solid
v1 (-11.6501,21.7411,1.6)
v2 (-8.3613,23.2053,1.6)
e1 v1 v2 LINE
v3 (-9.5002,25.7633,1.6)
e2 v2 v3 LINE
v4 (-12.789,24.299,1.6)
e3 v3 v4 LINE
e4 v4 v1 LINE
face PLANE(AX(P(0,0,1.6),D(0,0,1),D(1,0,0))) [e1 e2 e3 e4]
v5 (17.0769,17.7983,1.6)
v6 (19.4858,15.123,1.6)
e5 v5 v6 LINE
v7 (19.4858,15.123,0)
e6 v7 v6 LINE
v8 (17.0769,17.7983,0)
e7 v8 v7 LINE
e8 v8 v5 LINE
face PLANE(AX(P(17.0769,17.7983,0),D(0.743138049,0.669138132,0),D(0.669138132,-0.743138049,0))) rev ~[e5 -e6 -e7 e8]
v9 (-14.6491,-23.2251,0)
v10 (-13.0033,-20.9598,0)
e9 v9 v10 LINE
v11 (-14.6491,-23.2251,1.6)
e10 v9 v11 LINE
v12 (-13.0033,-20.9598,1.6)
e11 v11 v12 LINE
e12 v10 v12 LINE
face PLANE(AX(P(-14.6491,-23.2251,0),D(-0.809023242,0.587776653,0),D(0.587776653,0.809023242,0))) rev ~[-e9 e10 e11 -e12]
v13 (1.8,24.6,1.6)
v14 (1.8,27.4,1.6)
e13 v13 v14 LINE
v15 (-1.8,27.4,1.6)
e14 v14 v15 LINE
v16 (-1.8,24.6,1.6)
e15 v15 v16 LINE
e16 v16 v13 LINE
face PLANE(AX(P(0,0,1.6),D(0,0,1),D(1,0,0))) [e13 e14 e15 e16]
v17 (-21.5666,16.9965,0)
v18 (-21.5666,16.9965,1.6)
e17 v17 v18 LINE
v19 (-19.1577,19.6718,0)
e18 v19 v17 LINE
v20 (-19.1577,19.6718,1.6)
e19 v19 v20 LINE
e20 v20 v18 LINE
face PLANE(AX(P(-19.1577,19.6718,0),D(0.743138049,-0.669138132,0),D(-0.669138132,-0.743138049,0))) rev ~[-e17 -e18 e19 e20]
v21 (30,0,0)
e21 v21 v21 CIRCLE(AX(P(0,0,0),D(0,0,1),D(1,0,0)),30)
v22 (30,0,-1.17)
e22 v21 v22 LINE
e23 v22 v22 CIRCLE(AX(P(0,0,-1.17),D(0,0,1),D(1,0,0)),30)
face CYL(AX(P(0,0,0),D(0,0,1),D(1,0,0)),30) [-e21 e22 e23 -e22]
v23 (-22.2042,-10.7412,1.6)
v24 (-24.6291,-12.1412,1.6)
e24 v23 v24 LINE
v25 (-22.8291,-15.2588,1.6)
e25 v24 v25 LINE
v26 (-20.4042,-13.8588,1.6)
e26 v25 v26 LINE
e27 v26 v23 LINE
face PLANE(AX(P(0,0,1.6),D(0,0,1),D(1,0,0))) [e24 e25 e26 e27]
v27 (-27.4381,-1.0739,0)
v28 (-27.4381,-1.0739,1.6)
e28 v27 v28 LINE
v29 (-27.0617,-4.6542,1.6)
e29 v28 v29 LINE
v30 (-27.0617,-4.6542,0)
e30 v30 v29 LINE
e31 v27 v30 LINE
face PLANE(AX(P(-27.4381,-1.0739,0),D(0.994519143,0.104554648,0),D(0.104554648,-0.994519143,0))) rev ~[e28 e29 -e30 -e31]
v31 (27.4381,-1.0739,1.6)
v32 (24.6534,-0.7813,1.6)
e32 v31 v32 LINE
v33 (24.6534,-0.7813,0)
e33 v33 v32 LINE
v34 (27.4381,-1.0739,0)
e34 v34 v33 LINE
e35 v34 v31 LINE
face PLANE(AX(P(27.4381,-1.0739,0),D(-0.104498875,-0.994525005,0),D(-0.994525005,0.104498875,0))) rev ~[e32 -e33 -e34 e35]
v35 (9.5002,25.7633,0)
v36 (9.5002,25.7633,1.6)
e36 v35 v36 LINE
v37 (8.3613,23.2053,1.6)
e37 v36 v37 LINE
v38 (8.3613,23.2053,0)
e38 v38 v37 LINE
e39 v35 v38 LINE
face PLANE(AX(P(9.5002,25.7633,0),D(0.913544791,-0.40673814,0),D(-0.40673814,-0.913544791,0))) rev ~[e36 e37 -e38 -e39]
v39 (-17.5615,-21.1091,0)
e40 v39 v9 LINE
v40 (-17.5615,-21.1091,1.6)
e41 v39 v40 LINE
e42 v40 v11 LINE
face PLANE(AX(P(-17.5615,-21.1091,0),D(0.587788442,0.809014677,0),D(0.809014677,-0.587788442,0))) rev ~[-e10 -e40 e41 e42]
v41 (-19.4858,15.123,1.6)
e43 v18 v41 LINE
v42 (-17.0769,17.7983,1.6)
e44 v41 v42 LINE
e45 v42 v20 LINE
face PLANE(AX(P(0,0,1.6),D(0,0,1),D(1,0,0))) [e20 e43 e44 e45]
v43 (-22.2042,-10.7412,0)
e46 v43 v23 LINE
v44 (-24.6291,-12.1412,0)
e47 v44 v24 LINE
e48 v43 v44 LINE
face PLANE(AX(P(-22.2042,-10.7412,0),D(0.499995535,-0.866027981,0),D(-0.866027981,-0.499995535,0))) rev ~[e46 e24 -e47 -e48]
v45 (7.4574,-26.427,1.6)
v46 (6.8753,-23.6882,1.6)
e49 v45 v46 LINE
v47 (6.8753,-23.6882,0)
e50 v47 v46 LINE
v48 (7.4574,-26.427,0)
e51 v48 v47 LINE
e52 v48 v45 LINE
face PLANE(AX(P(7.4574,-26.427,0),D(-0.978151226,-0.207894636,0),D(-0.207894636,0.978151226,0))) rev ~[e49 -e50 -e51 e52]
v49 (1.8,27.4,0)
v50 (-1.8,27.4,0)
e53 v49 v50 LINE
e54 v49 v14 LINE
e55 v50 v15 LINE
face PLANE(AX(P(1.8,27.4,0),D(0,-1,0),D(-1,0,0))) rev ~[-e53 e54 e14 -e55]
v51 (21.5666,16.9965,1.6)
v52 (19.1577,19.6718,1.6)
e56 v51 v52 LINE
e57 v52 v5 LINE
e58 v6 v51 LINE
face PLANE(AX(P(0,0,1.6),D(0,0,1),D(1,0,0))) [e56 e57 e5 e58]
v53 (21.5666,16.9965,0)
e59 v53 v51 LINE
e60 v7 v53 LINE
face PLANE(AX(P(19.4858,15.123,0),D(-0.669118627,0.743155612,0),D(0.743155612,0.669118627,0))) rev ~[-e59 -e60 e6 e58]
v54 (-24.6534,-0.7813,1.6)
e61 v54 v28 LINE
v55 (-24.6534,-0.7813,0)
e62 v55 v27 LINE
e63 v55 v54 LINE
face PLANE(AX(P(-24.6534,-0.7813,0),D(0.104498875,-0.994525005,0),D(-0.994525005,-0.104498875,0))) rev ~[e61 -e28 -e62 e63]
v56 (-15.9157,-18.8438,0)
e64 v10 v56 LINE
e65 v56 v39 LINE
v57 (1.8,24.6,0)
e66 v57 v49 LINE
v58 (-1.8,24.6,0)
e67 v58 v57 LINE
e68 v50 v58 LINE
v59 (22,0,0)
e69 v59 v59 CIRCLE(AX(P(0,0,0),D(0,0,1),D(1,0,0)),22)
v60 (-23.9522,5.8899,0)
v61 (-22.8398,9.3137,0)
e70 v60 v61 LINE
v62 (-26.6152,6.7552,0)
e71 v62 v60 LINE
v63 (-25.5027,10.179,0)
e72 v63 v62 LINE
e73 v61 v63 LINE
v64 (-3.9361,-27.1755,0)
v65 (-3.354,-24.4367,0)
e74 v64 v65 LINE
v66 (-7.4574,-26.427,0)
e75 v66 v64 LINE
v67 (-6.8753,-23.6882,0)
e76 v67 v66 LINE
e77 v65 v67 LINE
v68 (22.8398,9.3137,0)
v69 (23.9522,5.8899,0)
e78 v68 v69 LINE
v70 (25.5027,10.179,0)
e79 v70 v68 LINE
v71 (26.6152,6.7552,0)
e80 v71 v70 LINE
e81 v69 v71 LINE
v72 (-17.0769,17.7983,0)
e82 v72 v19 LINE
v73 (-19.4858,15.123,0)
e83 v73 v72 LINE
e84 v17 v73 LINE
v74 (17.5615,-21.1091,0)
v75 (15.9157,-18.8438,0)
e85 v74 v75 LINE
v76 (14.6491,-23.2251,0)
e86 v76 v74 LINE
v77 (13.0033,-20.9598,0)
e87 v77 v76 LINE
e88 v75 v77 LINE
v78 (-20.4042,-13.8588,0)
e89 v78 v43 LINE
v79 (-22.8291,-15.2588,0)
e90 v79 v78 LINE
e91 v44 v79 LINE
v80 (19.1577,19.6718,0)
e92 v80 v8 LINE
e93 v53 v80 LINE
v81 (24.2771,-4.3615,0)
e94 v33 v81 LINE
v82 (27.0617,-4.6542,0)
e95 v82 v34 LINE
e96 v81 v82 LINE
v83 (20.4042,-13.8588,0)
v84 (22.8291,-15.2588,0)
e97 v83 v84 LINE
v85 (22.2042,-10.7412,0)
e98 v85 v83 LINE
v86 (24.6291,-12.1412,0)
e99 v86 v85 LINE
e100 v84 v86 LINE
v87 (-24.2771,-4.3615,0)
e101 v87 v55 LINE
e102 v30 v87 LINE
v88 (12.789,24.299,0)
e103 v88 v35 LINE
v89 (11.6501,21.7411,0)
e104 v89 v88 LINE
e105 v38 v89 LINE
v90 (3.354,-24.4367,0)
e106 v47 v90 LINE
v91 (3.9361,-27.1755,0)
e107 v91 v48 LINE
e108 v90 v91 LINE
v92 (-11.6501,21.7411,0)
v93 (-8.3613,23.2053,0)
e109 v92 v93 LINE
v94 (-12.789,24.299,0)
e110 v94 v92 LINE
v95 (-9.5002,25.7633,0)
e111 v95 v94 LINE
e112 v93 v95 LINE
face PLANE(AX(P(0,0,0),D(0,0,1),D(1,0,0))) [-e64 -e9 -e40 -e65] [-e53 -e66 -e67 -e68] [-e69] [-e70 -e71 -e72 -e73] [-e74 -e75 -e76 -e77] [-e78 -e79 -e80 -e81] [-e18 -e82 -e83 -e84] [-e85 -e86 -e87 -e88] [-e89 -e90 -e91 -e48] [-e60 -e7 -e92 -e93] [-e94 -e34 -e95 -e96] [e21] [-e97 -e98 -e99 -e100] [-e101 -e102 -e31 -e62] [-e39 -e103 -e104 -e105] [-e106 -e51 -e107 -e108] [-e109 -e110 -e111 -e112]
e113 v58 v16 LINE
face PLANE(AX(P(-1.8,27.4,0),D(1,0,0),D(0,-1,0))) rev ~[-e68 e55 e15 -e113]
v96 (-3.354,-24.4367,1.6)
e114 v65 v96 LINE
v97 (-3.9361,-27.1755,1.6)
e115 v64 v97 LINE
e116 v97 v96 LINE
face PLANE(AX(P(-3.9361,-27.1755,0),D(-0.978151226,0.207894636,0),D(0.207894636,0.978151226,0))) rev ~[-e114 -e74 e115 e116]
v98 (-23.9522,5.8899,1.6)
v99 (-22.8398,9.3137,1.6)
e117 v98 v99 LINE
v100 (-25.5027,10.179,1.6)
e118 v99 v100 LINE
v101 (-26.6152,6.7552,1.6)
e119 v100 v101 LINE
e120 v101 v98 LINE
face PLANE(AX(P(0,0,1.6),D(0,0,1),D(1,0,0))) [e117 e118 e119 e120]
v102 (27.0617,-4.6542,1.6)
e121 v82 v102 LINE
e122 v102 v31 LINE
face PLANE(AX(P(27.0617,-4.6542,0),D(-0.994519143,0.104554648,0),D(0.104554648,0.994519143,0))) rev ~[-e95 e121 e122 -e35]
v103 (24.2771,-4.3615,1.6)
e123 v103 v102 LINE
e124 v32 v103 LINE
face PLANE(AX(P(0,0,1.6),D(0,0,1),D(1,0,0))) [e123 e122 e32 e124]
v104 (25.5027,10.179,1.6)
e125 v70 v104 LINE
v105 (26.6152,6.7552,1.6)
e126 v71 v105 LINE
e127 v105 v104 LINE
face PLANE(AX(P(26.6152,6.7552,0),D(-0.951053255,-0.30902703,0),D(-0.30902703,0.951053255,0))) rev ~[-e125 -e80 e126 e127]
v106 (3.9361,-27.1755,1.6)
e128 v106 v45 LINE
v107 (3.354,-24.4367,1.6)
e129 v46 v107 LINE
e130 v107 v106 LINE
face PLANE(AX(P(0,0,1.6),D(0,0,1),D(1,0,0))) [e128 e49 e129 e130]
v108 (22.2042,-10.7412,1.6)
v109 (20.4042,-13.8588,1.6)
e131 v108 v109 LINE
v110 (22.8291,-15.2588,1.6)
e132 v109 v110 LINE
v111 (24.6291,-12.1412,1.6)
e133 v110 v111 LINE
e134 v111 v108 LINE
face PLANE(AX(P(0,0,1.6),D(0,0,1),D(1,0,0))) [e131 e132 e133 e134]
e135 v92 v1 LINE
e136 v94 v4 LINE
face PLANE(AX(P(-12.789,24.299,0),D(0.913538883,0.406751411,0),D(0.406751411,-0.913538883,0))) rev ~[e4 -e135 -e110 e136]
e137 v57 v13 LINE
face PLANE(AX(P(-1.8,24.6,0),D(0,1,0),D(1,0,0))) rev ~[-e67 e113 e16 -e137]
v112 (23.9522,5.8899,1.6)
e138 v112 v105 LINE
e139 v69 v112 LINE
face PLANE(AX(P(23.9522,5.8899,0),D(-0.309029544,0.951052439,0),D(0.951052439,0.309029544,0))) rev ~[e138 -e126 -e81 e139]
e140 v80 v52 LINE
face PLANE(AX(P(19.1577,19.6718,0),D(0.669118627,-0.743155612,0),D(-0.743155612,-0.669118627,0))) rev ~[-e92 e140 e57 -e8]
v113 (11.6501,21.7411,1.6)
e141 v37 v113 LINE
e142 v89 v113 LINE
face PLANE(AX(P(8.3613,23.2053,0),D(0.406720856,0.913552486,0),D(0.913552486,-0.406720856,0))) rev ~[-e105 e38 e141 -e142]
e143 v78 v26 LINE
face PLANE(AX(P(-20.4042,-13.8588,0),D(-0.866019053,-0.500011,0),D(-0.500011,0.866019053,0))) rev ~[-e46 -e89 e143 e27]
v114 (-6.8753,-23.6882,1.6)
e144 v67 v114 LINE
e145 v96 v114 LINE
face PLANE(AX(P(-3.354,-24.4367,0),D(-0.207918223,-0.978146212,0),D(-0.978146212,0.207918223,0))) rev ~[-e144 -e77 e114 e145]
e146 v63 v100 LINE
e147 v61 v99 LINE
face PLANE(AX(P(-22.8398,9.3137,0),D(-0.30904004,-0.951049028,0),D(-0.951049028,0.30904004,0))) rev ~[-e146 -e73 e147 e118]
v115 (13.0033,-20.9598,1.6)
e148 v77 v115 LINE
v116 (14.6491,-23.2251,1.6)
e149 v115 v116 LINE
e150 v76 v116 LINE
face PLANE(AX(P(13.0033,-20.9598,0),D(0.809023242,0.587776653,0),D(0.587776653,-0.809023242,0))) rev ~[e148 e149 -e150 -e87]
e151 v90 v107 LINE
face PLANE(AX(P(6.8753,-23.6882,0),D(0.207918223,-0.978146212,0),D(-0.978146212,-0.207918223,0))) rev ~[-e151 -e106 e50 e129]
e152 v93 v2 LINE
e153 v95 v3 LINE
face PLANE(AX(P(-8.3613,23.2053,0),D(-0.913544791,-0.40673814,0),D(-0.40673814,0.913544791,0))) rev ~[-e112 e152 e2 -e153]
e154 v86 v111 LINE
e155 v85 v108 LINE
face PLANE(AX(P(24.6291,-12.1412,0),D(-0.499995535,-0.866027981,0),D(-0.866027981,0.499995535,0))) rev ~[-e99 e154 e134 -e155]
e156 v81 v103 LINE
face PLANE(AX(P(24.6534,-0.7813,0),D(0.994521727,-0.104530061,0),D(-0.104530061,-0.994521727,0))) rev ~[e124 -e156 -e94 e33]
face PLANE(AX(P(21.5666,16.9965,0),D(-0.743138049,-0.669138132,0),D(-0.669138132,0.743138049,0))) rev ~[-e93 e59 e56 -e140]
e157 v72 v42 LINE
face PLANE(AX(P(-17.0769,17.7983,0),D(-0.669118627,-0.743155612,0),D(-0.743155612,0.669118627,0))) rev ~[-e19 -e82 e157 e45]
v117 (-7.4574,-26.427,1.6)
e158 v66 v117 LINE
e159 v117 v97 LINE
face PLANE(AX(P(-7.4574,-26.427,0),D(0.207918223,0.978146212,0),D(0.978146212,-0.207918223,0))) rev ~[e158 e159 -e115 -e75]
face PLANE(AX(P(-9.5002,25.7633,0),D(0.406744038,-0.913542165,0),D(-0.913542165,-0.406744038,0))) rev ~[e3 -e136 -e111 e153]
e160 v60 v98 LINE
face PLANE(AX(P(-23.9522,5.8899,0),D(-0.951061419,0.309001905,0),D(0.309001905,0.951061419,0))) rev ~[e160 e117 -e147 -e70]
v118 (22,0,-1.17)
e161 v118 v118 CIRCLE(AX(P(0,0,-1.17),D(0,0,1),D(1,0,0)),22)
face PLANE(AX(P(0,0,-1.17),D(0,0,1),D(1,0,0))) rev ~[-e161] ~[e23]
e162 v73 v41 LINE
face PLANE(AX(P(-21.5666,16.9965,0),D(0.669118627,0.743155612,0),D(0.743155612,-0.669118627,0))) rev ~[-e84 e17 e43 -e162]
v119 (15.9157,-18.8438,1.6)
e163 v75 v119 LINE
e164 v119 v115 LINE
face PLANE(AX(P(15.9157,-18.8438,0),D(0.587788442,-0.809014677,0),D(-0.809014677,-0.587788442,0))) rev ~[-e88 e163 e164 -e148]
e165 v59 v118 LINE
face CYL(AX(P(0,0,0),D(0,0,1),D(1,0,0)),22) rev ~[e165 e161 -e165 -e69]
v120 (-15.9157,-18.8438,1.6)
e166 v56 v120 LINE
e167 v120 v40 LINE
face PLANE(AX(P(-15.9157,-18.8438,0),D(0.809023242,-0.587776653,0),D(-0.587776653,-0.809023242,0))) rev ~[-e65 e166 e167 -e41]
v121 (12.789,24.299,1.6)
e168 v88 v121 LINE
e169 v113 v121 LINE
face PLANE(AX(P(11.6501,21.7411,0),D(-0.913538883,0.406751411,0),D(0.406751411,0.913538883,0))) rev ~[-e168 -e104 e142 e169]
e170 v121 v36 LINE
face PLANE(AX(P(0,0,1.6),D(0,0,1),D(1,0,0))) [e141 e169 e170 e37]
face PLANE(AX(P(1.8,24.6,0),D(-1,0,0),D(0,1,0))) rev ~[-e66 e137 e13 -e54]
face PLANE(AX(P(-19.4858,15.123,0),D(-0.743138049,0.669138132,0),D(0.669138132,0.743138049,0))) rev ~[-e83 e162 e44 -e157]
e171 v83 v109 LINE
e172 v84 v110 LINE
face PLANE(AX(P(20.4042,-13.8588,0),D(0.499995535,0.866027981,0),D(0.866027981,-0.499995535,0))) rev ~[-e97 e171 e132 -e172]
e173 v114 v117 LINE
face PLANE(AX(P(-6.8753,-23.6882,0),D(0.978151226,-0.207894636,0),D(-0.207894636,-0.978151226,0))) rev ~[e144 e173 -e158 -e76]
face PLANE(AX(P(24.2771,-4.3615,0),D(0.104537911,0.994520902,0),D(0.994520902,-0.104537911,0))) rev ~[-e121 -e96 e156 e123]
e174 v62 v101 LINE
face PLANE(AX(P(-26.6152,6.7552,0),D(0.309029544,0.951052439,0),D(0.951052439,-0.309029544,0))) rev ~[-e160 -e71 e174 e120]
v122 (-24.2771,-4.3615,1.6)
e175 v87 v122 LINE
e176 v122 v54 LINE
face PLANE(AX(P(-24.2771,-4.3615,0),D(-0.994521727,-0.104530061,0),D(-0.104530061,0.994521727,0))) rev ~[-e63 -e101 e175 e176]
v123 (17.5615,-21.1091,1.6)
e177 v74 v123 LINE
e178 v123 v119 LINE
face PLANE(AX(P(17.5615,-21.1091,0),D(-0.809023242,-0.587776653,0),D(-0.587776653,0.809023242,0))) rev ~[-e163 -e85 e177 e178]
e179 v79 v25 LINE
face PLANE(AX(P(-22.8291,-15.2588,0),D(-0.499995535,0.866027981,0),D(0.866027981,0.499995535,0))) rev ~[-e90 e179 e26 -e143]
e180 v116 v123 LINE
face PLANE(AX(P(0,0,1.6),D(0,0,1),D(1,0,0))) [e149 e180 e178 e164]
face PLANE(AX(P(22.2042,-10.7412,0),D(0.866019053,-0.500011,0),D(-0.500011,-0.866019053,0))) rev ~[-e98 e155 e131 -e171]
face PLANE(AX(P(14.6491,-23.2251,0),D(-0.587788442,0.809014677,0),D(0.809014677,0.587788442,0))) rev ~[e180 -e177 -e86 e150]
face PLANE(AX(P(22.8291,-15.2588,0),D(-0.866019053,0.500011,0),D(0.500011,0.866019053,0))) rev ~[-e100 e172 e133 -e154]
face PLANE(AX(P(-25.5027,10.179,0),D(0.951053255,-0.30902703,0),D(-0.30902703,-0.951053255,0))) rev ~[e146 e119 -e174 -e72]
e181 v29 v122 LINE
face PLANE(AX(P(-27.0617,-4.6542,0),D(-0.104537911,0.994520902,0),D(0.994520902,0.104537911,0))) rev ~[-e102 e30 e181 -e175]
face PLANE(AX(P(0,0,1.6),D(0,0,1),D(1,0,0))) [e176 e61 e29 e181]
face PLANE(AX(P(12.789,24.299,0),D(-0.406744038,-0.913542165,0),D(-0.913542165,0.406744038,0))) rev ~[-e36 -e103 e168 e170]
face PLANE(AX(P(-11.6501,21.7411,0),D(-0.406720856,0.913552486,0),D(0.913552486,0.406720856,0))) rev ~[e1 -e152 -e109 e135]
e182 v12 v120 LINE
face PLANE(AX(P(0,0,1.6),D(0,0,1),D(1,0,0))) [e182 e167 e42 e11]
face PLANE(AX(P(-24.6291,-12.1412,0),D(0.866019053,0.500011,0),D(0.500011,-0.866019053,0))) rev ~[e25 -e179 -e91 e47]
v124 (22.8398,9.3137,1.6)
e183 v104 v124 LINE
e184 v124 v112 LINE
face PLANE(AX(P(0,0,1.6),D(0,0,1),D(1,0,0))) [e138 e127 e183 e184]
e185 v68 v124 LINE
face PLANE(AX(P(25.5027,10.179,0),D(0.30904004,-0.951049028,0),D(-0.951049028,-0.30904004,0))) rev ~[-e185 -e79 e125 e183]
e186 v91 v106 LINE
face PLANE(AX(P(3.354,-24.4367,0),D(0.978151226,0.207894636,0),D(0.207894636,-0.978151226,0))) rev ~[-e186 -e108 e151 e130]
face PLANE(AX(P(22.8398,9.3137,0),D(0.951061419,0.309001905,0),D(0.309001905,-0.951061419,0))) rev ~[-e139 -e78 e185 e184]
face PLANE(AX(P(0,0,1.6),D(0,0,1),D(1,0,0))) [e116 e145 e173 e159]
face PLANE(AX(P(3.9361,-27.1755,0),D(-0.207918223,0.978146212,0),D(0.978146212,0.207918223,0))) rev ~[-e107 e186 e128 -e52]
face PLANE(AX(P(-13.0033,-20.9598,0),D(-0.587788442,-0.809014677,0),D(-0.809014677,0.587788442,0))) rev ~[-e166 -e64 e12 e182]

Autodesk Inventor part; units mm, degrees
ref_plane "YZ Plane" through (0, 0, 0) normal (1, 0, 0) x (0, 1, 0)
ref_plane "XZ Plane" through (0, 0, 0) normal (0, 1, 0) x (-1, 0, 0)
ref_plane "XY Plane" through (0, 0, 0) normal (0, 0, 1) x (1, 0, 0)
sketch "Sketch1" plane through (0, 0, 0) normal (0, 0, 1) x (1, 0, 0)
  circle A0 centre (0, 0) radius 30
  circle A1 centre (0, 0) radius 22
  dimension "d0" = 60
  dimension "d1" = 44
extrude "Extrusion1" add sketch "Sketch1" against normal blind 1.17
sketch "Sketch2" plane through (0, 0, 0) normal (0, 0, 1) x (1, 0, 0)
  circle A0 centre (0, 0) radius 26 construction
  line L0 (-1.8, 24.6) -> (1.8, 24.6)
  line L1 (1.8, 24.6) -> (1.8, 27.4)
  line L2 (1.8, 27.4) -> (-1.8, 27.4)
  line L3 (-1.8, 27.4) -> (-1.8, 24.6)
  line L4 (-1.8, 24.6) -> (1.8, 27.4) construction
  line L5 (1.8, 24.6) -> (-1.8, 27.4) construction
  line L6 (12.789, 24.299) -> (9.5002, 25.7633)
  line L7 (11.6501, 21.7411) -> (12.789, 24.299)
  line L8 (8.3613, 23.2053) -> (11.6501, 21.7411)
  circle A1 centre (0, 0) radius 26 construction
  line L9 (9.5002, 25.7633) -> (8.3613, 23.2053)
  line L10 (21.5666, 16.9965) -> (19.1577, 19.6718)
  line L11 (19.4858, 15.123) -> (21.5666, 16.9965)
  line L12 (17.0769, 17.7983) -> (19.4858, 15.123)
  circle A2 centre (0, 0) radius 26 construction
  line L13 (19.1577, 19.6718) -> (17.0769, 17.7983)
  line L14 (26.6152, 6.7552) -> (25.5027, 10.179)
  line L15 (23.9522, 5.8899) -> (26.6152, 6.7552)
  line L16 (22.8398, 9.3137) -> (23.9522, 5.8899)
  circle A3 centre (0, 0) radius 26 construction
  line L17 (25.5027, 10.179) -> (22.8398, 9.3137)
  line L18 (27.0617, -4.6542) -> (27.4381, -1.0739)
  line L19 (24.2771, -4.3615) -> (27.0617, -4.6542)
  line L20 (24.6534, -0.7813) -> (24.2771, -4.3615)
  circle A4 centre (0, 0) radius 26 construction
  line L21 (27.4381, -1.0739) -> (24.6534, -0.7813)
  line L22 (22.8291, -15.2588) -> (24.6291, -12.1412)
  line L23 (20.4042, -13.8588) -> (22.8291, -15.2588)
  line L24 (22.2042, -10.7412) -> (20.4042, -13.8588)
  circle A5 centre (0, 0) radius 26 construction
  line L25 (24.6291, -12.1412) -> (22.2042, -10.7412)
  line L26 (14.6491, -23.2251) -> (17.5615, -21.1091)
  line L27 (13.0033, -20.9598) -> (14.6491, -23.2251)
  line L28 (15.9157, -18.8438) -> (13.0033, -20.9598)
  circle A6 centre (0, 0) radius 26 construction
  line L29 (17.5615, -21.1091) -> (15.9157, -18.8438)
  line L30 (3.9361, -27.1755) -> (7.4574, -26.427)
  line L31 (3.354, -24.4367) -> (3.9361, -27.1755)
  line L32 (6.8753, -23.6882) -> (3.354, -24.4367)
  circle A7 centre (0, 0) radius 26 construction
  line L33 (7.4574, -26.427) -> (6.8753, -23.6882)
  line L34 (-7.4574, -26.427) -> (-3.9361, -27.1755)
  line L35 (-6.8753, -23.6882) -> (-7.4574, -26.427)
  line L36 (-3.354, -24.4367) -> (-6.8753, -23.6882)
  circle A8 centre (0, 0) radius 26 construction
  line L37 (-3.9361, -27.1755) -> (-3.354, -24.4367)
  line L38 (-17.5615, -21.1091) -> (-14.6491, -23.2251)
  line L39 (-15.9157, -18.8438) -> (-17.5615, -21.1091)
  line L40 (-13.0033, -20.9598) -> (-15.9157, -18.8438)
  circle A9 centre (0, 0) radius 26 construction
  line L41 (-14.6491, -23.2251) -> (-13.0033, -20.9598)
  line L42 (-24.6291, -12.1412) -> (-22.8291, -15.2588)
  line L43 (-22.2042, -10.7412) -> (-24.6291, -12.1412)
  line L44 (-20.4042, -13.8588) -> (-22.2042, -10.7412)
  circle A10 centre (0, 0) radius 26 construction
  line L45 (-22.8291, -15.2588) -> (-20.4042, -13.8588)
  line L46 (-27.4381, -1.0739) -> (-27.0617, -4.6542)
  line L47 (-24.6534, -0.7813) -> (-27.4381, -1.0739)
  line L48 (-24.2771, -4.3615) -> (-24.6534, -0.7813)
  circle A11 centre (0, 0) radius 26 construction
  line L49 (-27.0617, -4.6542) -> (-24.2771, -4.3615)
  line L50 (-25.5027, 10.179) -> (-26.6152, 6.7552)
  line L51 (-22.8398, 9.3137) -> (-25.5027, 10.179)
  line L52 (-23.9522, 5.8899) -> (-22.8398, 9.3137)
  circle A12 centre (0, 0) radius 26 construction
  line L53 (-26.6152, 6.7552) -> (-23.9522, 5.8899)
  line L54 (-19.1577, 19.6718) -> (-21.5666, 16.9965)
  line L55 (-17.0769, 17.7983) -> (-19.1577, 19.6718)
  line L56 (-19.4858, 15.123) -> (-17.0769, 17.7983)
  circle A13 centre (0, 0) radius 26 construction
  line L57 (-21.5666, 16.9965) -> (-19.4858, 15.123)
  line L58 (-9.5002, 25.7633) -> (-12.789, 24.299)
  line L59 (-8.3613, 23.2053) -> (-9.5002, 25.7633)
  line L60 (-11.6501, 21.7411) -> (-8.3613, 23.2053)
  circle A14 centre (0, 0) radius 26 construction
  line L61 (-12.789, 24.299) -> (-11.6501, 21.7411)
  point P0 (0, 26)
  point P1 (10.5752, 23.7522)
  point P2 (19.3218, 17.3974)
  point P3 (24.7275, 8.0344)
  point P4 (25.8576, -2.7177)
  point P5 (22.5167, -13)
  point P6 (15.2824, -21.0344)
  point P7 (5.4057, -25.4318)
  point P8 (-5.4057, -25.4318)
  point P9 (-15.2824, -21.0344)
  point P10 (-22.5167, -13)
  point P11 (-25.8576, -2.7177)
  point P12 (-24.7275, 8.0344)
  point P13 (-19.3218, 17.3974)
  point P14 (-10.5752, 23.7522)
  dimension "d4" = 52
  dimension "d5" = 3.6
  dimension "d6" = 2.8
  dimension "d9" = 360
extrude "Extrusion2" add sketch "Sketch2" along normal blind 1.6
properties part number "AndyMarkLightRing2018"
